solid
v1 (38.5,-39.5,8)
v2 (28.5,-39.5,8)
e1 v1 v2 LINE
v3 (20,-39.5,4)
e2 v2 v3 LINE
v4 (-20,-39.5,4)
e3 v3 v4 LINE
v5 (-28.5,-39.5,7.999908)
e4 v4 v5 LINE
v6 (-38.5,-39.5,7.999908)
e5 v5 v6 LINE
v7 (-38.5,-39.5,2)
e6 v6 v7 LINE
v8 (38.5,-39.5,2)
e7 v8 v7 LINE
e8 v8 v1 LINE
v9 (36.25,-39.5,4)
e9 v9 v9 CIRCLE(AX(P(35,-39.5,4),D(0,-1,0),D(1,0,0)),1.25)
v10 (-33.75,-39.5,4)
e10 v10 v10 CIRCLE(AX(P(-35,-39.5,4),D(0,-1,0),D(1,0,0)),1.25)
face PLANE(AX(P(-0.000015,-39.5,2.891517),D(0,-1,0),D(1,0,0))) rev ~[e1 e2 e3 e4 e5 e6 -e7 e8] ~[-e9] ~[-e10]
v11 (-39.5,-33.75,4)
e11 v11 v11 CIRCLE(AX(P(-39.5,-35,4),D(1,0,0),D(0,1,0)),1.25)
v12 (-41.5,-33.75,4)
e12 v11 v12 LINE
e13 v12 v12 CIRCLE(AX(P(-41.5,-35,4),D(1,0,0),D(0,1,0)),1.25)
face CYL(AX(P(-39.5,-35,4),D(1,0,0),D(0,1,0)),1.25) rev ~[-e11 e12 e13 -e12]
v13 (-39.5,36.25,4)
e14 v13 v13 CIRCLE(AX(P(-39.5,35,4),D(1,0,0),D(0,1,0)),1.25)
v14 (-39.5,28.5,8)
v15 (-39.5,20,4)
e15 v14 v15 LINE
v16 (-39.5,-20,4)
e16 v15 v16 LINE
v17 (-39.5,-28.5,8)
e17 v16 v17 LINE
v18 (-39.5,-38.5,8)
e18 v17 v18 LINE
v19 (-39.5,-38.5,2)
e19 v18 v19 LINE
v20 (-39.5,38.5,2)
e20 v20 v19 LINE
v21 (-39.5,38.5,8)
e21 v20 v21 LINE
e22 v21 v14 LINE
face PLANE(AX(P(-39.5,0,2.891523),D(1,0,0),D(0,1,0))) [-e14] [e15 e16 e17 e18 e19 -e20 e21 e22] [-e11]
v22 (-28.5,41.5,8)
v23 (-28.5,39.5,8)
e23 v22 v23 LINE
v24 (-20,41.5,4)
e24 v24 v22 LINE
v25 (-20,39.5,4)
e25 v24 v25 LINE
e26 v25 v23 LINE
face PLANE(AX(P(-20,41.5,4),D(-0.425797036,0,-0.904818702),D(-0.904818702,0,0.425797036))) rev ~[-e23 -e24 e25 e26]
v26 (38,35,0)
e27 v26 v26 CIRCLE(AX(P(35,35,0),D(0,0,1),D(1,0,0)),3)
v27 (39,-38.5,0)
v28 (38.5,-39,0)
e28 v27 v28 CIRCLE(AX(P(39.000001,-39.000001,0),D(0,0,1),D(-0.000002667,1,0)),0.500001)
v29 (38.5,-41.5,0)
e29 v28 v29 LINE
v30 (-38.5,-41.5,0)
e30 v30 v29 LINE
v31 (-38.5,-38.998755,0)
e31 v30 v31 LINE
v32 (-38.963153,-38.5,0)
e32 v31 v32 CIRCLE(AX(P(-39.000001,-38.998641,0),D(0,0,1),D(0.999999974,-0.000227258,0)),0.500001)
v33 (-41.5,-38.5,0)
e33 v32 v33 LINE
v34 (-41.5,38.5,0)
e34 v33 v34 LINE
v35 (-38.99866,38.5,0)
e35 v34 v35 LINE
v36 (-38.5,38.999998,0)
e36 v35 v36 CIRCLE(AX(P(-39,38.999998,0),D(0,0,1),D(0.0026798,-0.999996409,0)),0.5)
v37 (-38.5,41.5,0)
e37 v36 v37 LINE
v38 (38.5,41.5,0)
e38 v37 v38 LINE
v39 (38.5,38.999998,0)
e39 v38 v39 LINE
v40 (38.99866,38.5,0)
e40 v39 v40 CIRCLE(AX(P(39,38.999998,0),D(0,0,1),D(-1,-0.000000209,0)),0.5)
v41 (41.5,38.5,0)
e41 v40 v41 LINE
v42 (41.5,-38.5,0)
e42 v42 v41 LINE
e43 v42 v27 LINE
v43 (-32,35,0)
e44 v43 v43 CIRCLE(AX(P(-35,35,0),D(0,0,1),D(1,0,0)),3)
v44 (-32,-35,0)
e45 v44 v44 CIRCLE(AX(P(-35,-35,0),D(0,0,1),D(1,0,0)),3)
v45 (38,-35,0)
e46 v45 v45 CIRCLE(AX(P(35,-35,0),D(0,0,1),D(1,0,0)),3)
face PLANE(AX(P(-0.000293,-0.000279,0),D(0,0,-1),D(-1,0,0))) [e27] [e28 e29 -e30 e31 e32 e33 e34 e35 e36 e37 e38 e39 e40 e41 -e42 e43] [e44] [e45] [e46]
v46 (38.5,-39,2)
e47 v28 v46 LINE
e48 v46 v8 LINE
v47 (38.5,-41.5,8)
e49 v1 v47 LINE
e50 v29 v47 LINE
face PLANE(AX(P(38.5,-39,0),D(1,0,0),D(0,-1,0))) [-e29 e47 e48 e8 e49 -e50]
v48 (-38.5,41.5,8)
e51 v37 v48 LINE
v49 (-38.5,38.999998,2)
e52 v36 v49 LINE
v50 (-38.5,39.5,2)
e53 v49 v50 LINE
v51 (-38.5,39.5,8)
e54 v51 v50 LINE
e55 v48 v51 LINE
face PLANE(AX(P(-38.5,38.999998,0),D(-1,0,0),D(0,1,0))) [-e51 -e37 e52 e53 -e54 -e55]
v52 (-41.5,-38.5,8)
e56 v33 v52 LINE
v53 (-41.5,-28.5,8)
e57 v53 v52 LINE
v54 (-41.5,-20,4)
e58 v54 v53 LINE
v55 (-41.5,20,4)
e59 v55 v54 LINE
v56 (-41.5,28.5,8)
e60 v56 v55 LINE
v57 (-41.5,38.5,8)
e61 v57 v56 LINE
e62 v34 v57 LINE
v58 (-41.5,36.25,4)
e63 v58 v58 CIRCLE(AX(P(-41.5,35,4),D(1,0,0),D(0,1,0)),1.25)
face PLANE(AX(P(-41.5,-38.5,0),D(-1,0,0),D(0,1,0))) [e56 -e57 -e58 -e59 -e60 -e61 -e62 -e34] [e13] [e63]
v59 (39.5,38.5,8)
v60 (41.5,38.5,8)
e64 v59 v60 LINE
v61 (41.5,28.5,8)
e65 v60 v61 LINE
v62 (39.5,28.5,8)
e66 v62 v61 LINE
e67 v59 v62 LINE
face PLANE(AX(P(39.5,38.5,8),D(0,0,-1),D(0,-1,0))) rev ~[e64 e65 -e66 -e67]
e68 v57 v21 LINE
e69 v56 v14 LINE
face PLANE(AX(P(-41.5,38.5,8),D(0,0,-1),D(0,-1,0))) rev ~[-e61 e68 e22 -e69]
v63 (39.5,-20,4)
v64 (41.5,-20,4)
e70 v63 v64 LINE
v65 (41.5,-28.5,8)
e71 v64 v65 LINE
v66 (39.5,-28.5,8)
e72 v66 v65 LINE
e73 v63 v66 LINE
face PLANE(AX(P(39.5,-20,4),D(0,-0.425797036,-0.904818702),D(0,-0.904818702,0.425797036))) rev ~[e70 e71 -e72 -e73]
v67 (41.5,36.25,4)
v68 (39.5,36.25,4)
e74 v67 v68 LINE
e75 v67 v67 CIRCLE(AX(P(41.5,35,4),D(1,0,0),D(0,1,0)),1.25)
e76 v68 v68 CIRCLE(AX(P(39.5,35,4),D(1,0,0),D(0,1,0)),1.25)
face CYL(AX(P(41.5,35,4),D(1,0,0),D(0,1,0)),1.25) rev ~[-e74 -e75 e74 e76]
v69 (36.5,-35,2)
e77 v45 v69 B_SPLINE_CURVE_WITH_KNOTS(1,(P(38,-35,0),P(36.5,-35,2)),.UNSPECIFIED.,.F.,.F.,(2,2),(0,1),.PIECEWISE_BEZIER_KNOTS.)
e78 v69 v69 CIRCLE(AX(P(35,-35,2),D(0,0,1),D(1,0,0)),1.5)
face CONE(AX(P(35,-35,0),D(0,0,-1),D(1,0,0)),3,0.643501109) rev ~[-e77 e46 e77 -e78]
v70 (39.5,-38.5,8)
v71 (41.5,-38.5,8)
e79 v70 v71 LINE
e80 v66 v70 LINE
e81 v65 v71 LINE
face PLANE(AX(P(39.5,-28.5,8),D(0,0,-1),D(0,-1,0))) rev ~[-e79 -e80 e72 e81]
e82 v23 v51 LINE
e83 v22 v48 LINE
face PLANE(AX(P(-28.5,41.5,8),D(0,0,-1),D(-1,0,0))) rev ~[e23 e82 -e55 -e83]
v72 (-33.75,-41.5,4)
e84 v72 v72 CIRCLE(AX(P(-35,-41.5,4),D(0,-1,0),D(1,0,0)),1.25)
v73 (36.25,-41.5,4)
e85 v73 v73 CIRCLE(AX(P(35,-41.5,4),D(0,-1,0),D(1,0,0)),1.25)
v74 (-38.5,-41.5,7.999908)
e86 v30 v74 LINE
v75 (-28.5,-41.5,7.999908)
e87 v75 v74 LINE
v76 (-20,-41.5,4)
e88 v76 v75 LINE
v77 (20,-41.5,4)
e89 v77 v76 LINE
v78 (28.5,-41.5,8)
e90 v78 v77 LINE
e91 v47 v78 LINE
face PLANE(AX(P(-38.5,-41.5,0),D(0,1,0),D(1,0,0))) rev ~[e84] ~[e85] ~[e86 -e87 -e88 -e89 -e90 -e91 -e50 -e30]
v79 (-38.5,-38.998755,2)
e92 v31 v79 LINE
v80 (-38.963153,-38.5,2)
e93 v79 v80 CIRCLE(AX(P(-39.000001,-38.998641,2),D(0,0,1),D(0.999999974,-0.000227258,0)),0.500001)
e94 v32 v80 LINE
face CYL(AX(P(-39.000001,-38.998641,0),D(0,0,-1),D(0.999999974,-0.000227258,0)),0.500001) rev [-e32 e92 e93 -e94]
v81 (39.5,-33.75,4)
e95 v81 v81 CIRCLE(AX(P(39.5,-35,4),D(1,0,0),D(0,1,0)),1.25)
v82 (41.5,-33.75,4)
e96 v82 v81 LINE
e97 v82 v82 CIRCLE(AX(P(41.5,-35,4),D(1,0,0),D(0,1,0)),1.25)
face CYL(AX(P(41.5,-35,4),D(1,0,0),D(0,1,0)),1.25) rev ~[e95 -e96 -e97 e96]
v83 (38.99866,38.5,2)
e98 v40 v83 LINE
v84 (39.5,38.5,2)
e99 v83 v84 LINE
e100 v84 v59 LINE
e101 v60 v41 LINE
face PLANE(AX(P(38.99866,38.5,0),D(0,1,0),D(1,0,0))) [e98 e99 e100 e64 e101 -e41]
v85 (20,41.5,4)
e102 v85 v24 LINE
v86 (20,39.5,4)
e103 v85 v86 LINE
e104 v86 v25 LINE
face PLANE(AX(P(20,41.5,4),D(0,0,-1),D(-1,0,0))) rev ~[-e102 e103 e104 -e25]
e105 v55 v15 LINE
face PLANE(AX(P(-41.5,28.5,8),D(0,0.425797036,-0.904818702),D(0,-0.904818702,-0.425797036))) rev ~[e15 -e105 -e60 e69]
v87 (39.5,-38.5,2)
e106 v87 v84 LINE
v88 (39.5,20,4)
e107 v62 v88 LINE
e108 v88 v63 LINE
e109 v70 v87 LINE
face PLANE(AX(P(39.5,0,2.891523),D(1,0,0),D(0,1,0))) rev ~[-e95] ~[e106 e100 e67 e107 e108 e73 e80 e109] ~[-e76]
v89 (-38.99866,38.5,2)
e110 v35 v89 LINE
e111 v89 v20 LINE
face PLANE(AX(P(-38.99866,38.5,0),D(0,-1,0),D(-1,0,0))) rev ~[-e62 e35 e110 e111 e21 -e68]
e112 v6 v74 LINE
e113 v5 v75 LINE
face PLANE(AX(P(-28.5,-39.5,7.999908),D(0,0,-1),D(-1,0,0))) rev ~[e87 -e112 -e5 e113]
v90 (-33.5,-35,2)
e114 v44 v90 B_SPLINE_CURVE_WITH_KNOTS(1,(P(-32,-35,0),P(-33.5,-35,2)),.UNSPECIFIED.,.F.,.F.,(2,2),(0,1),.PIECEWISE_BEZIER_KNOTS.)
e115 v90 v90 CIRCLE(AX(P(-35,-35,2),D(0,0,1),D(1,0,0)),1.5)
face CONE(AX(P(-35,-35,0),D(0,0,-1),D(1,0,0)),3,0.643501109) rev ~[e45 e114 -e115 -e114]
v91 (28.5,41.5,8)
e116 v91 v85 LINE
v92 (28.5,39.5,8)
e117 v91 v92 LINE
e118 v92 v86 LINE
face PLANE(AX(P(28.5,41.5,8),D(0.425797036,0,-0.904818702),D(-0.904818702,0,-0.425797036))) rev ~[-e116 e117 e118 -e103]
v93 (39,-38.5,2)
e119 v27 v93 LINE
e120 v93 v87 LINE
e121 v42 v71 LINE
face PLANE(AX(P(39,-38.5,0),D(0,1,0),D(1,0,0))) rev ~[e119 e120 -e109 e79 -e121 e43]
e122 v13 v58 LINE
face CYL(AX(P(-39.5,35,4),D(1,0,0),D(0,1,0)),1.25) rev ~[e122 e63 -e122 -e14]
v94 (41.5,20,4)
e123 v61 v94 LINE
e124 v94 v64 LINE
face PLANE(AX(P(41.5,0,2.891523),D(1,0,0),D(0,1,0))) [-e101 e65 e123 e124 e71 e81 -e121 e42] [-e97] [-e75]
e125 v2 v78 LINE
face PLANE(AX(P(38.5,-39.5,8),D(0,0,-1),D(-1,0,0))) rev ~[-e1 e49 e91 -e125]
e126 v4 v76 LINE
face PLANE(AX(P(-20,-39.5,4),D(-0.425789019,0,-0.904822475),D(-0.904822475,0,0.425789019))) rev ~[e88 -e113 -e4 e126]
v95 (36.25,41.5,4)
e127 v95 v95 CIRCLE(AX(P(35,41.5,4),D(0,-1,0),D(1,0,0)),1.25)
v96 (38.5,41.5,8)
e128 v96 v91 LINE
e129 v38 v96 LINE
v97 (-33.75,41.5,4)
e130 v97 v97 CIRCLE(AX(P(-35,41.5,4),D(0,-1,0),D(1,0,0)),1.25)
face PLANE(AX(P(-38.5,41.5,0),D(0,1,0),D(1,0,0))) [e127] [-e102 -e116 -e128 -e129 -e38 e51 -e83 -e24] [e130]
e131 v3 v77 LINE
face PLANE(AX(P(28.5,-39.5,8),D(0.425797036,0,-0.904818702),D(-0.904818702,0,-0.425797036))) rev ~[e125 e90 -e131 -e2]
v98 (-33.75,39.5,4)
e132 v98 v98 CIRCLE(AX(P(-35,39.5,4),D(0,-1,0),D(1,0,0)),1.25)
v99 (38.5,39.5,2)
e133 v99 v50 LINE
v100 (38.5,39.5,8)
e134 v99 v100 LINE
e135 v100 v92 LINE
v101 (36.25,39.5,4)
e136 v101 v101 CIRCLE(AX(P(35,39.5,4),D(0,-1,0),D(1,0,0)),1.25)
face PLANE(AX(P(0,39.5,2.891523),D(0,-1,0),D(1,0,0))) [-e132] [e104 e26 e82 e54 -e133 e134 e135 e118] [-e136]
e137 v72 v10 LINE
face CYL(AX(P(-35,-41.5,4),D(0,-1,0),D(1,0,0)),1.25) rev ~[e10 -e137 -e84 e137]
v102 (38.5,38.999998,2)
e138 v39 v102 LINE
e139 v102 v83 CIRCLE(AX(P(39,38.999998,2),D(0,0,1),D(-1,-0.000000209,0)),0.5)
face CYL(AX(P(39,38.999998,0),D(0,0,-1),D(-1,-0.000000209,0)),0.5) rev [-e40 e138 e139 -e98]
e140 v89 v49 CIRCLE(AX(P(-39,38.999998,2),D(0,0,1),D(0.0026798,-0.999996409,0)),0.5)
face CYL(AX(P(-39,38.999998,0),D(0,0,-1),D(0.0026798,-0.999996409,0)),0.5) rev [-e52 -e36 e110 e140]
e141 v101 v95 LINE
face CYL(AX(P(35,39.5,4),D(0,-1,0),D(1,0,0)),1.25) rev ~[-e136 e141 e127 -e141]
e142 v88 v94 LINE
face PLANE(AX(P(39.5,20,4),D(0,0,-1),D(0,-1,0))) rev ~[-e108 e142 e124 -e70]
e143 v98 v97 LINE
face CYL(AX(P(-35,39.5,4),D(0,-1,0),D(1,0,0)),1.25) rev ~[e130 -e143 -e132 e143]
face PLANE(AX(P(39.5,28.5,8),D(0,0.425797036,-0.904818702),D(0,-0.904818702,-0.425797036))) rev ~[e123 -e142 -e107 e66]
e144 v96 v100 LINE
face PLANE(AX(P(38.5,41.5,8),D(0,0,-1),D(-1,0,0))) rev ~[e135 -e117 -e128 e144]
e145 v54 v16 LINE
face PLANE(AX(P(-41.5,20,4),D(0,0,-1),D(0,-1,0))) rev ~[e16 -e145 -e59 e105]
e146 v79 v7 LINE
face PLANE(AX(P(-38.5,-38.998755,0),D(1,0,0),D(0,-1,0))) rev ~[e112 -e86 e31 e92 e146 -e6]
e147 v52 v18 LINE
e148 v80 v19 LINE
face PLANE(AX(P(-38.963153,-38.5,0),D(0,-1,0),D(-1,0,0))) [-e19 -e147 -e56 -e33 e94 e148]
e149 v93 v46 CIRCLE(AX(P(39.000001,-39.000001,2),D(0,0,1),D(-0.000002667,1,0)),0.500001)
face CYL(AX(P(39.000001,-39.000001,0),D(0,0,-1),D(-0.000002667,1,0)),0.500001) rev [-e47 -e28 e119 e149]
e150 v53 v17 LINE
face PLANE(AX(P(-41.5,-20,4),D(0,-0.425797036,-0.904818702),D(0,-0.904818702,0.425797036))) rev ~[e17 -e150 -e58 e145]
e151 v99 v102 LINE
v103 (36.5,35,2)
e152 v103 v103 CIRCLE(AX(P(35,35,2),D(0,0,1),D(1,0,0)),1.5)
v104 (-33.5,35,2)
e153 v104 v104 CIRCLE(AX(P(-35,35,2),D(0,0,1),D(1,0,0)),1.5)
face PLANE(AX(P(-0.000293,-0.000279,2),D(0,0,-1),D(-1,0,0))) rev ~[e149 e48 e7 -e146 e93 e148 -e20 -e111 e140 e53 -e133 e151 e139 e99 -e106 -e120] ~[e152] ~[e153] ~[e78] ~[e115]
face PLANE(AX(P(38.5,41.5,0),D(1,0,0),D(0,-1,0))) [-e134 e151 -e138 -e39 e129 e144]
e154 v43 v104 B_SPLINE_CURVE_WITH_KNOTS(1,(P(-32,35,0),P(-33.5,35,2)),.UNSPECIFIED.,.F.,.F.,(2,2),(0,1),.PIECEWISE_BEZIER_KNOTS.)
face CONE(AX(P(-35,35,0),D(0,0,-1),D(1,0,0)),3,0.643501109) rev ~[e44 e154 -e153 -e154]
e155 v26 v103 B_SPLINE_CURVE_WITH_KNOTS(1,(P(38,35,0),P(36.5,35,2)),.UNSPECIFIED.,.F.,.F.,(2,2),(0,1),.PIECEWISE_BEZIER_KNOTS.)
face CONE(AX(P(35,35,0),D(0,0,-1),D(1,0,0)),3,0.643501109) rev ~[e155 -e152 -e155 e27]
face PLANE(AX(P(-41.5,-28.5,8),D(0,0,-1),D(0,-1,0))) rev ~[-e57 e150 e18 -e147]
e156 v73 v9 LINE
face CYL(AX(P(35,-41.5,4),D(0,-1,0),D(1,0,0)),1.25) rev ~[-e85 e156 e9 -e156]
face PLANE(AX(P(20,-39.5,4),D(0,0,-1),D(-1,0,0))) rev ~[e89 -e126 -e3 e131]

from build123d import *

# Parameters (mm, degrees)
PAD004_DEPTH    = 2
SKETCH016_R     = 1.25
POCKET003_DEPTH = 2.001
PAD002_DEPTH    = 2
SKETCH015_R     = 1.25
POCKET002_DEPTH = 2.001
PAD001_DEPTH    = 2
SKETCH017_R     = 1.25
POCKET_DEPTH    = 2.001
SKETCH007_R     = 3
SKETCH008_R     = 1.5
SKETCH005_R     = 3
SKETCH006_R     = 1.5
SKETCH003_R     = 3
SKETCH004_R     = 1.5
SKETCH001_R     = 3
SKETCH002_R     = 1.5
PAD_DEPTH       = 2
PAD003_DEPTH    = 2
SKETCH014_R     = 1.25
POCKET001_DEPTH = 2.001


with BuildPart() as pocket003:
    # Sketch010 → Pad004 (new body)
    with BuildSketch(Plane.XZ.offset(-41.5)):
        Polygon((-38.5, 0), (38.5, 0), (38.5, 8), (28.5, 8), (20, 4), (-20, 4), (-28.5, 8), (-38.5, 8), align=None)
    extrude(amount=PAD004_DEPTH)

    # Sketch016 → Pocket003 (cut, through all)
    with BuildSketch(Plane.XZ.offset(-39.5)):
        with Locations((-35, 4)):
            Circle(SKETCH016_R)
        with Locations((35, 4)):
            Circle(SKETCH016_R)
    extrude(amount=-POCKET003_DEPTH, mode=Mode.SUBTRACT)


with BuildPart() as pocket002:
    # Sketch012 → Pad002 (new body)
    with BuildSketch(Plane.YZ.offset(-41.5)):
        Polygon((-38.5, 0), (38.5, 0), (38.5, 8), (28.5, 8), (20, 4), (-20, 4), (-28.5, 8), (-38.5, 8), align=None)
    extrude(amount=PAD002_DEPTH)

    # Sketch015 → Pocket002 (cut, through all)
    with BuildSketch(Plane.YZ.offset(-39.5)):
        with Locations((-35, 4)):
            Circle(SKETCH015_R)
        with Locations((35, 4)):
            Circle(SKETCH015_R)
    extrude(amount=-POCKET002_DEPTH, mode=Mode.SUBTRACT)


with BuildPart() as pocket:
    # Sketch009 → Pad001 (new body)
    with BuildSketch(Plane.XZ.offset(39.5)):
        Polygon((-38.5, 0), (38.5, 0), (38.5, 8), (28.5, 8), (20, 4), (-20, 4), (-28.5, 7.999908), (-38.5, 7.999908), (-38.5, 8), align=None)
    extrude(amount=PAD001_DEPTH)

    # Sketch017 → Pocket (cut, through all)
    with BuildSketch(Plane.XZ.offset(41.5)):
        with Locations((-35, 4)):
            Circle(SKETCH017_R)
        with Locations((35, 4)):
            Circle(SKETCH017_R)
    extrude(amount=-POCKET_DEPTH, mode=Mode.SUBTRACT)


with BuildPart() as loft003:
    # Sketch007 → Loft003 section 0
    with BuildSketch(Plane.XY):
        with Locations((35, 35)):
            Circle(SKETCH007_R)
    # Sketch008 → Loft003 section 1
    with BuildSketch(Plane.XY.offset(2)):
        with Locations((35, 35)):
            Circle(SKETCH008_R)
    loft(ruled=True)


with BuildPart() as loft002:
    # Sketch005 → Loft002 section 0
    with BuildSketch(Plane.XY):
        with Locations((-35, 35)):
            Circle(SKETCH005_R)
    # Sketch006 → Loft002 section 1
    with BuildSketch(Plane.XY.offset(2)):
        with Locations((-35, 35)):
            Circle(SKETCH006_R)
    loft(ruled=True)


with BuildPart() as loft001:
    # Sketch003 → Loft001 section 0
    with BuildSketch(Plane.XY):
        with Locations((35, -35)):
            Circle(SKETCH003_R)
    # Sketch004 → Loft001 section 1
    with BuildSketch(Plane.XY.offset(2)):
        with Locations((35, -35)):
            Circle(SKETCH004_R)
    loft(ruled=True)


with BuildPart() as loft_body:
    # Sketch001 → Loft section 0
    with BuildSketch(Plane.XY):
        with Locations((-35, -35)):
            Circle(SKETCH001_R)
    # Sketch002 → Loft section 1
    with BuildSketch(Plane.XY.offset(2)):
        with Locations((-35, -35)):
            Circle(SKETCH002_R)
    loft(ruled=True)


with BuildPart() as fusion002:
    # Sketch → Pad (new body)
    with BuildSketch(Plane.XY):
        with BuildLine():
            Line((-41.5, -38.5), (-41.5, 38.5))
            Line((-38.99866, 38.5), (-41.5, 38.5))
            ThreePointArc((-38.99866, 38.5), (-38.645973, 38.646919), (-38.5, 38.999998))
            Line((-38.5, 38.999998), (-38.5, 41.5))
            Line((-38.5, 41.5), (38.5, 41.5))
            Line((38.5, 41.5), (38.5, 38.999998))
            ThreePointArc((38.5, 38.999998), (38.645973, 38.646919), (38.99866, 38.5))
            Line((38.99866, 38.5), (41.5, 38.5))
            Line((41.5, 38.5), (41.5, -38.5))
            Line((39, -38.5), (41.5, -38.5))
            ThreePointArc((39, -38.5), (38.646447, -38.646447), (38.5, -39))
            Line((38.5, -39), (38.5, -41.5))
            Line((-38.5, -41.5), (38.5, -41.5))
            Line((-38.5, -38.998755), (-38.5, -41.5))
            ThreePointArc((-38.5, -38.998755), (-38.633612, -38.658406), (-38.963153, -38.5))
            Line((-38.963153, -38.5), (-41.5, -38.5))
        make_face()
    extrude(amount=PAD_DEPTH)

    # Cut: cut Loft body
    add(loft_body.part, mode=Mode.SUBTRACT)

    # Cut001: cut Loft001
    add(loft001.part, mode=Mode.SUBTRACT)

    # Cut002: cut Loft002
    add(loft002.part, mode=Mode.SUBTRACT)

    # Cut003: cut Loft003
    add(loft003.part, mode=Mode.SUBTRACT)

    # Fusion: union Pocket
    add(pocket.part)

    # Fusion001: union Pocket002
    add(pocket002.part)

    # Fusion002: union Pocket003
    add(pocket003.part)


with BuildPart() as fusion003:
    # Sketch011 → Pad003 (new body)
    with BuildSketch(Plane.YZ.offset(39.5)):
        Polygon((-38.5, 0), (38.5, 0), (38.5, 8), (28.5, 8), (20, 4), (-20, 4), (-28.5, 8), (-38.5, 8), align=None)
    extrude(amount=PAD003_DEPTH)

    # Sketch014 → Pocket001 (cut, through all)
    with BuildSketch(Plane.YZ.offset(41.5)):
        with Locations((-35, 4)):
            Circle(SKETCH014_R)
        with Locations((35, 4)):
            Circle(SKETCH014_R)
    extrude(amount=-POCKET001_DEPTH, mode=Mode.SUBTRACT)

    # Fusion003: union Fusion002
    add(fusion002.part)


solid = fusion003.part
